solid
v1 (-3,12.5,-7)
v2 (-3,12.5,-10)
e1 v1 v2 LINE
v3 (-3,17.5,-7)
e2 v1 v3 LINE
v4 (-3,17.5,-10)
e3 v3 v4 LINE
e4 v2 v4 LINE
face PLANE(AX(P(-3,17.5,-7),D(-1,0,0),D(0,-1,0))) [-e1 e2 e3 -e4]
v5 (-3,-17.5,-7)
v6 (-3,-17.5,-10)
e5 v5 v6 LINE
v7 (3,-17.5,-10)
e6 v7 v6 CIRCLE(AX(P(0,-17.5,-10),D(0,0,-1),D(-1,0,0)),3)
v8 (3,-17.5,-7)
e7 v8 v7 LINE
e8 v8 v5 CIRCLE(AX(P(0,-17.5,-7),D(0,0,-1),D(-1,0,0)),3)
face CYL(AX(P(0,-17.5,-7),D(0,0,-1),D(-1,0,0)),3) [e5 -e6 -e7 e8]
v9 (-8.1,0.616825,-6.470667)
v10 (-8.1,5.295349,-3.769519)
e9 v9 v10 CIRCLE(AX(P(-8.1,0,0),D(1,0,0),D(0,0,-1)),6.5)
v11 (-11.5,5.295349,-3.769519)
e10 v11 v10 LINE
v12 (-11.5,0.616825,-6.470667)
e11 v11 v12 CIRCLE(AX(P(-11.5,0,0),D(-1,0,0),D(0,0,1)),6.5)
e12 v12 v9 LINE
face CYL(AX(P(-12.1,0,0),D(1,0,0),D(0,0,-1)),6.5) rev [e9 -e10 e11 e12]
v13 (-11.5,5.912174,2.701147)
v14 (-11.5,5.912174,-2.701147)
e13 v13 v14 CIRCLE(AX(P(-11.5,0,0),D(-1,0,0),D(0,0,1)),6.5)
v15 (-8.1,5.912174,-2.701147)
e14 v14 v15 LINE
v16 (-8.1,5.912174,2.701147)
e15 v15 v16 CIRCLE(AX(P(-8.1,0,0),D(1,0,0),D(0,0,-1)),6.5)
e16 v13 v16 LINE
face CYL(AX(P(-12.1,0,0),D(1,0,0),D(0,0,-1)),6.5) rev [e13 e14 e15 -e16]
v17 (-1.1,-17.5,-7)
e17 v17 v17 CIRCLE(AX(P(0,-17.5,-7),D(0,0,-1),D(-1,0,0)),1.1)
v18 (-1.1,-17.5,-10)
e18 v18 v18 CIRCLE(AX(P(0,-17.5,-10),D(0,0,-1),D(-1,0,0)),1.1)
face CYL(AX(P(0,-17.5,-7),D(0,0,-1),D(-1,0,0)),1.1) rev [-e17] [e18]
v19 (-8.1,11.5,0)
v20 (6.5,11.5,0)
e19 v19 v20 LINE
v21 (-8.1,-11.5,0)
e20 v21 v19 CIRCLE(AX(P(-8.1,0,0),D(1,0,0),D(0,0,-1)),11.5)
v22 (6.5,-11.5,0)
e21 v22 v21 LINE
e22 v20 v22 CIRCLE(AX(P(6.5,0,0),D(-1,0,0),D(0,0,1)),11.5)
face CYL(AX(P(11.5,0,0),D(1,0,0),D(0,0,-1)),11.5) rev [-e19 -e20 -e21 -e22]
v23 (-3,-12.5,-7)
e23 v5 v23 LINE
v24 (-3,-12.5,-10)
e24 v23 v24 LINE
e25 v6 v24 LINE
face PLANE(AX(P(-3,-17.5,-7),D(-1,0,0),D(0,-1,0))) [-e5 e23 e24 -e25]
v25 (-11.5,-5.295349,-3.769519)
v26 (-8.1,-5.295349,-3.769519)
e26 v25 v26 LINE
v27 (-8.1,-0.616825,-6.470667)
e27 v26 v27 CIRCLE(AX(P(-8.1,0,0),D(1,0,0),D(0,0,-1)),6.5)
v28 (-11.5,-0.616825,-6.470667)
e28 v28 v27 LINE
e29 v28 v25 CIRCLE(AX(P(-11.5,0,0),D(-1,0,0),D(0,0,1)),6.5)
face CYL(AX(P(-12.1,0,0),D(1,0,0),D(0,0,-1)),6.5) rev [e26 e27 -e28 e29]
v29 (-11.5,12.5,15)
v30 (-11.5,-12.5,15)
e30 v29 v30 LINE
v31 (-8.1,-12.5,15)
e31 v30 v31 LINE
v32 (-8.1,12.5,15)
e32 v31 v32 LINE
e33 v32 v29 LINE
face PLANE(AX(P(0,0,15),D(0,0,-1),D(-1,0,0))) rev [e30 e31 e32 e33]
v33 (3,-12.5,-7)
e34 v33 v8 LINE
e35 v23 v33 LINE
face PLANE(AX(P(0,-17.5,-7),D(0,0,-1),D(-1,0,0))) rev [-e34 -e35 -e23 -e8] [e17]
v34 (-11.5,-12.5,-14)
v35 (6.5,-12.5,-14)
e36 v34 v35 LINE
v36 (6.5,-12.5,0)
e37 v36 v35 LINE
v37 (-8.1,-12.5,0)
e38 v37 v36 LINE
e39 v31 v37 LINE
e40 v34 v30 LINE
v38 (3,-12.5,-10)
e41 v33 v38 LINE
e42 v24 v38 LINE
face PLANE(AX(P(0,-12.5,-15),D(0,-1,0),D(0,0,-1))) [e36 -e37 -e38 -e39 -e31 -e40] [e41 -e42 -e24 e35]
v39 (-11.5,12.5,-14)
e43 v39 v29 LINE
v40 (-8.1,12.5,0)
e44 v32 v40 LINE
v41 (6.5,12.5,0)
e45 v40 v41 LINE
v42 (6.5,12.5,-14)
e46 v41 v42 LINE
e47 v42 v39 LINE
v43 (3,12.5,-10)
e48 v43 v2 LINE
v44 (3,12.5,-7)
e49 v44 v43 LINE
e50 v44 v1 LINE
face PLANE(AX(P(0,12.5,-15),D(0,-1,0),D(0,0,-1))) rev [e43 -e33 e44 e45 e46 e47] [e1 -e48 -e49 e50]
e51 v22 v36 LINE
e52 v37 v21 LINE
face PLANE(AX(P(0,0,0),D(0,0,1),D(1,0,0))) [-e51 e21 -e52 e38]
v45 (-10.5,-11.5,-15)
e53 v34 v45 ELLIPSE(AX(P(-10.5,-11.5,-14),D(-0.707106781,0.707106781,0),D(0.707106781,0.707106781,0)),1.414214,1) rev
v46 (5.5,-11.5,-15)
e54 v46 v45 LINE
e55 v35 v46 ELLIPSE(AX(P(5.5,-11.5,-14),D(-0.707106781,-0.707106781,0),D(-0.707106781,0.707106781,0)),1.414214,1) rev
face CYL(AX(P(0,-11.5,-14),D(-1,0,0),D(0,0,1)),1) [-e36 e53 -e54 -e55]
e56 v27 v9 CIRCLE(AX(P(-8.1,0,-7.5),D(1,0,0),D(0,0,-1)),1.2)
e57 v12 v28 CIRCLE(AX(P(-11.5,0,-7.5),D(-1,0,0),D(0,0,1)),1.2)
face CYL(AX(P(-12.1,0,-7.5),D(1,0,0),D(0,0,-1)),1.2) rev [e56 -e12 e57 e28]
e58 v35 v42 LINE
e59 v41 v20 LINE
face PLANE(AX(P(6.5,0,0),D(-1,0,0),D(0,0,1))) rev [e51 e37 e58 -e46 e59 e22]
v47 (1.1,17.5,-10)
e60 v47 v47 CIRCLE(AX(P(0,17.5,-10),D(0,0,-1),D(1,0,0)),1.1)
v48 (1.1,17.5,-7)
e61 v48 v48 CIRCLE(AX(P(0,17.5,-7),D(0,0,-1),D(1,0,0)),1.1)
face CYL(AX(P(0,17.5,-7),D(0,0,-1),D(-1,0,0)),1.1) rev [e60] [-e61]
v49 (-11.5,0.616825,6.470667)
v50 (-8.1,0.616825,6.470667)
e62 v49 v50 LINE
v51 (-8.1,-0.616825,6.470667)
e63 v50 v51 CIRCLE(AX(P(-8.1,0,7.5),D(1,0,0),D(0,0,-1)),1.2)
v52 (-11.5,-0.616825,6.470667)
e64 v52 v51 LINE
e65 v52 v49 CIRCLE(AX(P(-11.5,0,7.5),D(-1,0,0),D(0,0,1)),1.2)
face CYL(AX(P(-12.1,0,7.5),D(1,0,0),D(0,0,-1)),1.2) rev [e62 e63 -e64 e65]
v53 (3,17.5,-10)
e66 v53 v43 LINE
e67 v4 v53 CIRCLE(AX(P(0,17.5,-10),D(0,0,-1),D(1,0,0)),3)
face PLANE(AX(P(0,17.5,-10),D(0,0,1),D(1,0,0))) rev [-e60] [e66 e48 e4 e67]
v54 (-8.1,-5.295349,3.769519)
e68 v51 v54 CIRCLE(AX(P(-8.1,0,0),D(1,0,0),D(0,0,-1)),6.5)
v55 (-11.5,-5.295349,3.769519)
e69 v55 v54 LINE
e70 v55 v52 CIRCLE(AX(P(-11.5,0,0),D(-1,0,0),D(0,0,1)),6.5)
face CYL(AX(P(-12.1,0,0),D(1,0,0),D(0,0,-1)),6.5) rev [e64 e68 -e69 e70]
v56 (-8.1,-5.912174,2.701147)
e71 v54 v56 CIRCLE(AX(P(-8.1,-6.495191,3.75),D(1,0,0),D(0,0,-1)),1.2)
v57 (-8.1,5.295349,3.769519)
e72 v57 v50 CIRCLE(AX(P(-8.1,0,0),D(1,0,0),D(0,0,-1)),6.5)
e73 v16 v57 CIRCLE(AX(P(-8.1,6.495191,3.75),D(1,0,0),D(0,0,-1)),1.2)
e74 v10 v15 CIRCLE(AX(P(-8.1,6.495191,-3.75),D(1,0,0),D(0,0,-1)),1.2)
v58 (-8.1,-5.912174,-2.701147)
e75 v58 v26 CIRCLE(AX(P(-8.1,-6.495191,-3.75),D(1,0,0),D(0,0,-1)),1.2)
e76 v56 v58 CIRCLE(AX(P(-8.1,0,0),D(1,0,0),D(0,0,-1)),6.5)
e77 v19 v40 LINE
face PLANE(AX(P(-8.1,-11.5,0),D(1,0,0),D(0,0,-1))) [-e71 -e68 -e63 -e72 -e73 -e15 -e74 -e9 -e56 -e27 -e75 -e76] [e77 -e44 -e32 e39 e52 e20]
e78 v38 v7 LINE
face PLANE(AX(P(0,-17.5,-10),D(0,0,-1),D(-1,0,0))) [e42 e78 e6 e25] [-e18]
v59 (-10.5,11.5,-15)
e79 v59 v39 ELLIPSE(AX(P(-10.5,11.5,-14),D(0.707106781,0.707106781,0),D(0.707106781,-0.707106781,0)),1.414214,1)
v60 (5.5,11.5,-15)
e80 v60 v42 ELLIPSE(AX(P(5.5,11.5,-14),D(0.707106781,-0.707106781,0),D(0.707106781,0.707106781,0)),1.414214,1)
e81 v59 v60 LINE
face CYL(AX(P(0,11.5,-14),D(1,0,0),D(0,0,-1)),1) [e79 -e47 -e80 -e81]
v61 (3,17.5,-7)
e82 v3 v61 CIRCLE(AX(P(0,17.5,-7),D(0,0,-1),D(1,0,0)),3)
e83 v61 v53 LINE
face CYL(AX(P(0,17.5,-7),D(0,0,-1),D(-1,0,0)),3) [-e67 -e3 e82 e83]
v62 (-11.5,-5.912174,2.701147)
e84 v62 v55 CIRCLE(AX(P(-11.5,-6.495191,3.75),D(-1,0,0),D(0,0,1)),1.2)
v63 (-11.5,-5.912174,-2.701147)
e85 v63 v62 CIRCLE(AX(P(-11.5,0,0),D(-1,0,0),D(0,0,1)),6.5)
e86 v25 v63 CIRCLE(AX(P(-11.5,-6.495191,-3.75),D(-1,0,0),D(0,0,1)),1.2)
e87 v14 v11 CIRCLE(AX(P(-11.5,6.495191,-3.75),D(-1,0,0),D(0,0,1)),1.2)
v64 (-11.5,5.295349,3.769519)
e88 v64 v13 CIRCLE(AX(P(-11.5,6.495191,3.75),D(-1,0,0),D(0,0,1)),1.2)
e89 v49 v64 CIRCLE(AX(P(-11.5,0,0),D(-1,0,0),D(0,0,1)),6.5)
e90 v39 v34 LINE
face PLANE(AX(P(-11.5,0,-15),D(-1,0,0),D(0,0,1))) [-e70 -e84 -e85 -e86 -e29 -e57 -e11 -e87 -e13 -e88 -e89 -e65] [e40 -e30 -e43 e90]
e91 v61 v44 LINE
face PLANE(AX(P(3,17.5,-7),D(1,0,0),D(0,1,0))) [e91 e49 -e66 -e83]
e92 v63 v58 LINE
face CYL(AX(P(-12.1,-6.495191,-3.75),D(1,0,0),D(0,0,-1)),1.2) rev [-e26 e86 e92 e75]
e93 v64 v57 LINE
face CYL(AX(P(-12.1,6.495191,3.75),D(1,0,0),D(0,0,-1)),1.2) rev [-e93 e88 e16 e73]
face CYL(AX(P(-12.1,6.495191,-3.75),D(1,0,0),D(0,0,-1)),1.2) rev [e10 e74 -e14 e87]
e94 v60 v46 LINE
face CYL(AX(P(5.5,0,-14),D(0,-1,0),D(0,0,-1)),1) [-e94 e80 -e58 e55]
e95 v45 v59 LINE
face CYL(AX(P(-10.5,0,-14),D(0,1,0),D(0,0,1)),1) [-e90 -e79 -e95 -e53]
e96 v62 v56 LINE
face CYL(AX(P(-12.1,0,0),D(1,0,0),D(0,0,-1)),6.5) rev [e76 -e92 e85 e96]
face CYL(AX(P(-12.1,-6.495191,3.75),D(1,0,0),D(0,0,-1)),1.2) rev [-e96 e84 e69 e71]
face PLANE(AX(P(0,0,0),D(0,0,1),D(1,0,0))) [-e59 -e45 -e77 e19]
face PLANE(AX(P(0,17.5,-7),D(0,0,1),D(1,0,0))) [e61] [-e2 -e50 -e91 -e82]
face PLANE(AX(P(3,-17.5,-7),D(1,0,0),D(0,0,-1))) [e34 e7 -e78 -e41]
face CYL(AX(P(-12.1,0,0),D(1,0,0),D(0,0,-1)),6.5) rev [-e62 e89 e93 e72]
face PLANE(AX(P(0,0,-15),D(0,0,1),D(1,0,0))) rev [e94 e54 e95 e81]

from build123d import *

# Parameters (mm, degrees)
SKETCH_1_W          = 23
SKETCH_1_H          = 25
EXTRUDE_1_DEPTH     = 15
SKETCH_2_W          = 19.6
SKETCH_2_H          = 11.5
SKETCH_4_W          = 3.4
SKETCH_4_H          = 25
EXTRUDE_2_DEPTH     = 15
CUT_EXTRUDE_1_DEPTH = 4
SKETCH_8_R          = 1.1
EXTRUDE_3_DEPTH     = 8
SKETCH_8_2_R        = 1.1
CUT_EXTRUDE_4_DEPTH = 5
SKETCH_7_W          = 35
SKETCH_7_H          = 40
CUT_EXTRUDE_3_DEPTH = 5
FILLET_1_R          = 1


with BuildPart() as part:
    # 草图1 → 凸台-拉伸1 (new body)
    with BuildSketch(Plane.XY):
        Rectangle(SKETCH_1_W, SKETCH_1_H)
    extrude(amount=-EXTRUDE_1_DEPTH)

    # 草图2 → 切除-旋转2 (revolve, cut)
    with BuildSketch(Plane.XY):
        with Locations((1.7, -5.75)):
            Rectangle(SKETCH_2_W, SKETCH_2_H)
    revolve(axis=Axis((11.5, 0, 0), (-1, 0, 0)), mode=Mode.SUBTRACT)

    # 草图4 → 凸台-拉伸2 (add)
    with BuildSketch(Plane.XY):
        with Locations((-9.8, 0)):
            Rectangle(SKETCH_4_W, SKETCH_4_H)
    extrude(amount=EXTRUDE_2_DEPTH)

    # 草图6 → 切除-拉伸1 (cut)
    with BuildSketch(Plane(origin=(-8.1, 0, 0), x_dir=(0, 0, -1), z_dir=(1, 0, 0))):
        with BuildLine():
            ThreePointArc((6.470666667, -0.616824845), (8.7, 0), (6.470666667, 0.616824845))
            ThreePointArc((6.470666667, 0.616824845), (5.629165125, 3.25), (3.769519318, 5.29534929))
            ThreePointArc((3.769519318, 5.29534929), (4.35, 7.534421013), (2.701147348, 5.912174135))
            ThreePointArc((2.701147348, 5.912174135), (0, 6.5), (-2.701147348, 5.912174135))
            ThreePointArc((-2.701147348, 5.912174135), (-4.35, 7.534421013), (-3.769519318, 5.29534929))
            ThreePointArc((-3.769519318, 5.29534929), (-5.629165125, 3.25), (-6.470666667, 0.616824845))
            ThreePointArc((-6.470666667, 0.616824845), (-8.7, 0), (-6.470666667, -0.616824845))
            ThreePointArc((-6.470666667, -0.616824845), (-5.629165125, -3.25), (-3.769519318, -5.29534929))
            ThreePointArc((-3.769519318, -5.29534929), (-4.35, -7.534421013), (-2.701147348, -5.912174135))
            ThreePointArc((-2.701147348, -5.912174135), (0, -6.5), (2.701147348, -5.912174135))
            ThreePointArc((2.701147348, -5.912174135), (4.35, -7.534421013), (3.769519318, -5.29534929))
            ThreePointArc((3.769519318, -5.29534929), (5.629165125, -3.25), (6.470666667, -0.616824845))
        make_face()
    extrude(amount=-CUT_EXTRUDE_1_DEPTH, mode=Mode.SUBTRACT)

    # 草图8 → 凸台-拉伸3 (add)
    # profile 1 of 2: a face of its own
    with BuildSketch(Plane(origin=(0, 0, -15), x_dir=(-1, 0, 0), z_dir=(0, 0, -1))):
        with BuildLine():
            Line((3, 17.5), (3, 12.5))
            Line((3, 12.5), (-3, 12.5))
            Line((-3, 12.5), (-3, 17.5))
            ThreePointArc((-3, 17.5), (0, 20.5), (3, 17.5))
        make_face()
        with Locations((0, 17.5)):
            Circle(SKETCH_8_R, mode=Mode.SUBTRACT)
    # profile 2 of 2: a face of its own
    with BuildSketch(Plane(origin=(0, 0, -15), x_dir=(-1, 0, 0), z_dir=(0, 0, -1))):
        with BuildLine():
            Line((-3, -17.5), (-3, -12.5))
            Line((-3, -12.5), (3, -12.5))
            Line((3, -12.5), (3, -17.5))
            ThreePointArc((3, -17.5), (0, -20.5), (-3, -17.5))
        make_face()
        with Locations((0, -17.5)):
            Circle(SKETCH_8_R, mode=Mode.SUBTRACT)
    extrude(amount=-EXTRUDE_3_DEPTH)

    # 草图8<2> → 切除-拉伸4 (cut)
    # profile 1 of 2: a face of its own
    with BuildSketch(Plane(origin=(0, 0, -15), x_dir=(-1, 0, 0), z_dir=(0, 0, -1))):
        with BuildLine():
            Line((3, 17.5), (3, 12.5))
            Line((3, 12.5), (-3, 12.5))
            Line((-3, 12.5), (-3, 17.5))
            ThreePointArc((-3, 17.5), (0, 20.5), (3, 17.5))
        make_face()
        with Locations((0, 17.5)):
            Circle(SKETCH_8_2_R, mode=Mode.SUBTRACT)
    # profile 2 of 2: a face of its own
    with BuildSketch(Plane(origin=(0, 0, -15), x_dir=(-1, 0, 0), z_dir=(0, 0, -1))):
        with BuildLine():
            Line((-3, -17.5), (-3, -12.5))
            Line((-3, -12.5), (3, -12.5))
            Line((3, -12.5), (3, -17.5))
            ThreePointArc((3, -17.5), (0, -20.5), (-3, -17.5))
        make_face()
        with Locations((0, -17.5)):
            Circle(SKETCH_8_2_R, mode=Mode.SUBTRACT)
    extrude(amount=-CUT_EXTRUDE_4_DEPTH, mode=Mode.SUBTRACT)

    # 草图7 → 切除-拉伸3 (cut)
    with BuildSketch(Plane(origin=(11.5, 0, 0), x_dir=(0, 0, -1), z_dir=(1, 0, 0))):
        with Locations((11.5, 0)):
            Rectangle(SKETCH_7_W, SKETCH_7_H)
    extrude(amount=-CUT_EXTRUDE_3_DEPTH, mode=Mode.SUBTRACT)

    # 圆角1
    fillet_1_edges = [part.edges().sort_by_distance(p)[0] for p in [
        (-2.5, -12.5, -15),
        (-11.5, 0, -15),
        (-2.5, 12.5, -15),
        (6.5, 0, -15),
    ]]
    fillet(fillet_1_edges, radius=FILLET_1_R)


solid = part.part
